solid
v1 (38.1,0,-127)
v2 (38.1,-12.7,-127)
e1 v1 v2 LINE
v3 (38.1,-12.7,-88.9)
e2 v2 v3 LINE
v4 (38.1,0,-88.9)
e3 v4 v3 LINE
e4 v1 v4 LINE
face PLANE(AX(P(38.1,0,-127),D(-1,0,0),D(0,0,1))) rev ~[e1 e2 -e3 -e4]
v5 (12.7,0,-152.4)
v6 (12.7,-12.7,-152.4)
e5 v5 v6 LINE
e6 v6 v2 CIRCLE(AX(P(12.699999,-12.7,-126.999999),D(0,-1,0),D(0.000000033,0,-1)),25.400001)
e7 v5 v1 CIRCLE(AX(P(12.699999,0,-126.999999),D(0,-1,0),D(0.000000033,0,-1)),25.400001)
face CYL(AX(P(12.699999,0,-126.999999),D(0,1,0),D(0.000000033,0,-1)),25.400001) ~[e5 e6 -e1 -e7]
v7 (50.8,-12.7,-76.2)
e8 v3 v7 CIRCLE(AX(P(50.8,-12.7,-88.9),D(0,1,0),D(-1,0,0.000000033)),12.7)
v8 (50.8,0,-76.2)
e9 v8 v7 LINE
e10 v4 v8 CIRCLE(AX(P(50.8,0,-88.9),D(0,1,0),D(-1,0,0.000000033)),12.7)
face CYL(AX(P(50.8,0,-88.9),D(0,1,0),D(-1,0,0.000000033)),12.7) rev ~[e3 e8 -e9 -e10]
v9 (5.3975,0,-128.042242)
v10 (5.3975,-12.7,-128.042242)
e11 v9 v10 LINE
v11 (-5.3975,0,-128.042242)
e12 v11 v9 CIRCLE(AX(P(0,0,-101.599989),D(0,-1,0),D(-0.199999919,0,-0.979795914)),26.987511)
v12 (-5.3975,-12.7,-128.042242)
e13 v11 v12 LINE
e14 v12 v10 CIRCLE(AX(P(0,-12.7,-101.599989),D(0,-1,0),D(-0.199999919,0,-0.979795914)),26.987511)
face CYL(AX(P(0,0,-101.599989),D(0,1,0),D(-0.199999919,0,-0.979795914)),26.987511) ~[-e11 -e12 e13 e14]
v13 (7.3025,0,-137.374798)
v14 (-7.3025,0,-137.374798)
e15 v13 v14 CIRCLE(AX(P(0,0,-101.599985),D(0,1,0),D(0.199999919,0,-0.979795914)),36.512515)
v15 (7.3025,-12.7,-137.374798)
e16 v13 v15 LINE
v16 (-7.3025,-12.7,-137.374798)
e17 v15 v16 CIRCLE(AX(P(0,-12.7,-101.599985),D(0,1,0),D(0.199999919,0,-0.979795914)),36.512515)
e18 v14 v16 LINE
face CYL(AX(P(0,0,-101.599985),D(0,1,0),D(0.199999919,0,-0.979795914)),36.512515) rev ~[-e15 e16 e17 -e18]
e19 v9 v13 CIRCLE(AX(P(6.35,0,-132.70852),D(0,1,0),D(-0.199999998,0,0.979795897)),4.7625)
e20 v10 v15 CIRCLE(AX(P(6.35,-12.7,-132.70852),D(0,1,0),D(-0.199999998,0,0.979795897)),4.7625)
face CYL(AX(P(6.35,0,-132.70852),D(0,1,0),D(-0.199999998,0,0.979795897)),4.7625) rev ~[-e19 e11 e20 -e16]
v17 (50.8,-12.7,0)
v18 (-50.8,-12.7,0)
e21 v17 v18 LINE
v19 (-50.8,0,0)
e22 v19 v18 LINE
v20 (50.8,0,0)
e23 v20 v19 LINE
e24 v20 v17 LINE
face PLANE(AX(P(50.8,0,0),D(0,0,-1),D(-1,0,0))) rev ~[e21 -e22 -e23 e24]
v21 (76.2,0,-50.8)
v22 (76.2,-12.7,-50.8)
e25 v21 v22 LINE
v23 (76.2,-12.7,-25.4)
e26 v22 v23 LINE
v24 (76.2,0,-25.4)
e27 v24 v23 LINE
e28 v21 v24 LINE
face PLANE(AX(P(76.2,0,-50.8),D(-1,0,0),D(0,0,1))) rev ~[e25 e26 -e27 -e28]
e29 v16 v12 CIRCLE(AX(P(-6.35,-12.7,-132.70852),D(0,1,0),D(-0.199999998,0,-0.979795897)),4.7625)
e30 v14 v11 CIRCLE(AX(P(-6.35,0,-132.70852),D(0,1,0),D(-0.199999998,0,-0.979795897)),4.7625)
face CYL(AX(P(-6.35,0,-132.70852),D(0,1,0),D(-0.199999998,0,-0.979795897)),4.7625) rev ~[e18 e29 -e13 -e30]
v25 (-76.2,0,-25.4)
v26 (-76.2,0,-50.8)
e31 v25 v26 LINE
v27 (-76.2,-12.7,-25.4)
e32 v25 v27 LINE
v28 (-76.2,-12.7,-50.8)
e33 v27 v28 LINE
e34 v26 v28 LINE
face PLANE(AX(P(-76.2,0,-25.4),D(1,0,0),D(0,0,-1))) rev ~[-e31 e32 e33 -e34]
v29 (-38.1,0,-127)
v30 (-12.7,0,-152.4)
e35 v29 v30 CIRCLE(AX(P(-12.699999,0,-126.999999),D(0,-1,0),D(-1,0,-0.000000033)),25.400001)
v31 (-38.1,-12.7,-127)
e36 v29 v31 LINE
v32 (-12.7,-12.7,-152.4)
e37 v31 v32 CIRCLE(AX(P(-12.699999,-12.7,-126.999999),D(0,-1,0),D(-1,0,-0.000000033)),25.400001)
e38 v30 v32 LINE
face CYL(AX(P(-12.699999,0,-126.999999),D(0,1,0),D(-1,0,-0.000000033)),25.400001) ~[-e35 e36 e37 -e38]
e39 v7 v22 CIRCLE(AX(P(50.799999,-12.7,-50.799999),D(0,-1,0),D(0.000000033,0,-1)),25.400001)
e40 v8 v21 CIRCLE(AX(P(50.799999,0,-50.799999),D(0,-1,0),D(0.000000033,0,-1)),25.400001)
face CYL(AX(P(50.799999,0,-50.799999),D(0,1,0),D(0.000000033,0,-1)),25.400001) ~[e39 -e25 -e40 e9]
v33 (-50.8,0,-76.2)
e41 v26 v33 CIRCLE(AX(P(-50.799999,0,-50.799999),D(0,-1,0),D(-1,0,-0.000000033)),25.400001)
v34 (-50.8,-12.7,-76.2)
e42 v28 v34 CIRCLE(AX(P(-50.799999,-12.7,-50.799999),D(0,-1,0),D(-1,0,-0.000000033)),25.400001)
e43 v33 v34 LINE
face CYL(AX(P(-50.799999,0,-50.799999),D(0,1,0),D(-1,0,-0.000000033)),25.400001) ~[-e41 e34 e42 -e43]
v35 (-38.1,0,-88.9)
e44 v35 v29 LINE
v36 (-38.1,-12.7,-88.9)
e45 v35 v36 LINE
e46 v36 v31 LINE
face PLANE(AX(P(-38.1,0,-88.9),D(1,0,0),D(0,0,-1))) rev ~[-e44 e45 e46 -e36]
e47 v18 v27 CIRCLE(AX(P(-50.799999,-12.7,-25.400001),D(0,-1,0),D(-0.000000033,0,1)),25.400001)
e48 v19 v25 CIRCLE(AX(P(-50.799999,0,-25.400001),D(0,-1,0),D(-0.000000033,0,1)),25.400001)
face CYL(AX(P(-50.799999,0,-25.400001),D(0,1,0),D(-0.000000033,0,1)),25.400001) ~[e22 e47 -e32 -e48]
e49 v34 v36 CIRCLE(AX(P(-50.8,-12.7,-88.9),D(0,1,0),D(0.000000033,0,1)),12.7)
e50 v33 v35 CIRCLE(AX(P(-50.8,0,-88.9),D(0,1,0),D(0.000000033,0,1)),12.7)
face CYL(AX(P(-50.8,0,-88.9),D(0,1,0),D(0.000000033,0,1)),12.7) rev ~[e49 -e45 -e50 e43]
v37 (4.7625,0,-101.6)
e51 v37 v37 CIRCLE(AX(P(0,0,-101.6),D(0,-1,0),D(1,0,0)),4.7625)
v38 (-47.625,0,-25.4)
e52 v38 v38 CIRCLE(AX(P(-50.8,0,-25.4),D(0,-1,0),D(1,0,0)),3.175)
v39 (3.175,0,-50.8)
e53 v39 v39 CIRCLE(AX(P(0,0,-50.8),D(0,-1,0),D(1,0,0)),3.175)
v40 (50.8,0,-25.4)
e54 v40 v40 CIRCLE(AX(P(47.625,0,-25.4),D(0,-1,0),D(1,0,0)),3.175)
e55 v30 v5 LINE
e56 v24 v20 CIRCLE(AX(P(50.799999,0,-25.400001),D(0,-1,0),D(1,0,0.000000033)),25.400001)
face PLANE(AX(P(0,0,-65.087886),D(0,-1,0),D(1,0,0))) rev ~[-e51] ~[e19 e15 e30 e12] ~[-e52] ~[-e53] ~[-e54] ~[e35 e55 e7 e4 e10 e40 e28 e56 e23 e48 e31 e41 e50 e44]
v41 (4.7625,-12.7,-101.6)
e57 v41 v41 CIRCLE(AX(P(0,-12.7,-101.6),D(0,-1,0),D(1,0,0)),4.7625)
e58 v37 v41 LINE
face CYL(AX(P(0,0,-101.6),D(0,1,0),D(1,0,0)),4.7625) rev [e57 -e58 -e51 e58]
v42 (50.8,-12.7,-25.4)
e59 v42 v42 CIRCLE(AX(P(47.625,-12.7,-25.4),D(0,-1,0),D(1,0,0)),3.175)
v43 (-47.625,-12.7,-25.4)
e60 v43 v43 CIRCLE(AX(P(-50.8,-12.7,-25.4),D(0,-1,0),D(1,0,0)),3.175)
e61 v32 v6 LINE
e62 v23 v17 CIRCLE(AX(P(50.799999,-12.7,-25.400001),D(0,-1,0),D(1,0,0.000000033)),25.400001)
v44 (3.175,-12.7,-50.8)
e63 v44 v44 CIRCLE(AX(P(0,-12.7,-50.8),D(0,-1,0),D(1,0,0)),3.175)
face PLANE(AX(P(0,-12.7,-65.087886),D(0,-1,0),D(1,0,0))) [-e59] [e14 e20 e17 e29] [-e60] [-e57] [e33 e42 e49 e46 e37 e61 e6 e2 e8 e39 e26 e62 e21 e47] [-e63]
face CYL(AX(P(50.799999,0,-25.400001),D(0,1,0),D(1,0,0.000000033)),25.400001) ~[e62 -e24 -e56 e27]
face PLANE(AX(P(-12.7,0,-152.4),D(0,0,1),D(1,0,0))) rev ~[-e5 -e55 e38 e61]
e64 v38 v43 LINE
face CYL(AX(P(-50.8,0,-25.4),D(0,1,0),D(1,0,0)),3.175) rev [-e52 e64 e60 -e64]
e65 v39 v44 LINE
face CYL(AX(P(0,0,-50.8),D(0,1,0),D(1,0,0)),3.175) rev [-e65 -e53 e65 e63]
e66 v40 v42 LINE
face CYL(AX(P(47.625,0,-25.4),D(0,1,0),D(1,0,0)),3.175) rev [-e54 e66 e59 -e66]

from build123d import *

# Parameters (mm, degrees)
F0_R     = 4.7625
F0_R_2   = 3.175
F1_DEPTH = 12.7


with BuildPart() as f1:
    # F0 (on Front) → F1 (new body)
    with BuildSketch(Plane.XZ):
        with BuildLine():
            Line((50.8, 0), (-50.8, 0))
            ThreePointArc((-50.8, 0), (-68.760512, -7.439488), (-76.2, -25.4))
            Line((-76.2, -25.4), (-76.2, -50.8))
            ThreePointArc((-76.2, -50.8), (-68.760512, -68.760512), (-50.8, -76.2))
            ThreePointArc((-50.8, -76.2), (-41.819744, -79.919744), (-38.1, -88.9))
            Line((-38.1, -88.9), (-38.1, -127))
            ThreePointArc((-38.1, -127), (-30.660512, -144.960512), (-12.7, -152.4))
            Line((-12.7, -152.4), (12.7, -152.4))
            ThreePointArc((12.7, -152.4), (30.660512, -144.960512), (38.1, -127))
            Line((38.1, -127), (38.1, -88.9))
            ThreePointArc((38.1, -88.9), (41.819744, -79.919744), (50.8, -76.2))
            ThreePointArc((50.8, -76.2), (68.760512, -68.760512), (76.2, -50.8))
            Line((76.2, -50.8), (76.2, -25.4))
            ThreePointArc((76.2, -25.4), (68.760512, -7.439488), (50.8, 0))
        make_face()
        with BuildLine():
            ThreePointArc((-7.3025, -137.374798), (-11.016278, -131.75602), (-5.3975, -128.042242))
            ThreePointArc((-5.3975, -128.042242), (0, -128.5875), (5.3975, -128.042242))
            ThreePointArc((5.3975, -128.042242), (11.016278, -131.75602), (7.3025, -137.374798))
            ThreePointArc((7.3025, -137.374798), (0, -138.1125), (-7.3025, -137.374798))
        make_face(mode=Mode.SUBTRACT)
        with Locations((0, -101.6)):
            Circle(F0_R, mode=Mode.SUBTRACT)
        with Locations((-50.8, -25.4)):
            Circle(F0_R_2, mode=Mode.SUBTRACT)
        with Locations((0, -50.8)):
            Circle(F0_R_2, mode=Mode.SUBTRACT)
        with Locations((47.625, -25.4)):
            Circle(F0_R_2, mode=Mode.SUBTRACT)
    extrude(amount=F1_DEPTH)


solid = f1.part
